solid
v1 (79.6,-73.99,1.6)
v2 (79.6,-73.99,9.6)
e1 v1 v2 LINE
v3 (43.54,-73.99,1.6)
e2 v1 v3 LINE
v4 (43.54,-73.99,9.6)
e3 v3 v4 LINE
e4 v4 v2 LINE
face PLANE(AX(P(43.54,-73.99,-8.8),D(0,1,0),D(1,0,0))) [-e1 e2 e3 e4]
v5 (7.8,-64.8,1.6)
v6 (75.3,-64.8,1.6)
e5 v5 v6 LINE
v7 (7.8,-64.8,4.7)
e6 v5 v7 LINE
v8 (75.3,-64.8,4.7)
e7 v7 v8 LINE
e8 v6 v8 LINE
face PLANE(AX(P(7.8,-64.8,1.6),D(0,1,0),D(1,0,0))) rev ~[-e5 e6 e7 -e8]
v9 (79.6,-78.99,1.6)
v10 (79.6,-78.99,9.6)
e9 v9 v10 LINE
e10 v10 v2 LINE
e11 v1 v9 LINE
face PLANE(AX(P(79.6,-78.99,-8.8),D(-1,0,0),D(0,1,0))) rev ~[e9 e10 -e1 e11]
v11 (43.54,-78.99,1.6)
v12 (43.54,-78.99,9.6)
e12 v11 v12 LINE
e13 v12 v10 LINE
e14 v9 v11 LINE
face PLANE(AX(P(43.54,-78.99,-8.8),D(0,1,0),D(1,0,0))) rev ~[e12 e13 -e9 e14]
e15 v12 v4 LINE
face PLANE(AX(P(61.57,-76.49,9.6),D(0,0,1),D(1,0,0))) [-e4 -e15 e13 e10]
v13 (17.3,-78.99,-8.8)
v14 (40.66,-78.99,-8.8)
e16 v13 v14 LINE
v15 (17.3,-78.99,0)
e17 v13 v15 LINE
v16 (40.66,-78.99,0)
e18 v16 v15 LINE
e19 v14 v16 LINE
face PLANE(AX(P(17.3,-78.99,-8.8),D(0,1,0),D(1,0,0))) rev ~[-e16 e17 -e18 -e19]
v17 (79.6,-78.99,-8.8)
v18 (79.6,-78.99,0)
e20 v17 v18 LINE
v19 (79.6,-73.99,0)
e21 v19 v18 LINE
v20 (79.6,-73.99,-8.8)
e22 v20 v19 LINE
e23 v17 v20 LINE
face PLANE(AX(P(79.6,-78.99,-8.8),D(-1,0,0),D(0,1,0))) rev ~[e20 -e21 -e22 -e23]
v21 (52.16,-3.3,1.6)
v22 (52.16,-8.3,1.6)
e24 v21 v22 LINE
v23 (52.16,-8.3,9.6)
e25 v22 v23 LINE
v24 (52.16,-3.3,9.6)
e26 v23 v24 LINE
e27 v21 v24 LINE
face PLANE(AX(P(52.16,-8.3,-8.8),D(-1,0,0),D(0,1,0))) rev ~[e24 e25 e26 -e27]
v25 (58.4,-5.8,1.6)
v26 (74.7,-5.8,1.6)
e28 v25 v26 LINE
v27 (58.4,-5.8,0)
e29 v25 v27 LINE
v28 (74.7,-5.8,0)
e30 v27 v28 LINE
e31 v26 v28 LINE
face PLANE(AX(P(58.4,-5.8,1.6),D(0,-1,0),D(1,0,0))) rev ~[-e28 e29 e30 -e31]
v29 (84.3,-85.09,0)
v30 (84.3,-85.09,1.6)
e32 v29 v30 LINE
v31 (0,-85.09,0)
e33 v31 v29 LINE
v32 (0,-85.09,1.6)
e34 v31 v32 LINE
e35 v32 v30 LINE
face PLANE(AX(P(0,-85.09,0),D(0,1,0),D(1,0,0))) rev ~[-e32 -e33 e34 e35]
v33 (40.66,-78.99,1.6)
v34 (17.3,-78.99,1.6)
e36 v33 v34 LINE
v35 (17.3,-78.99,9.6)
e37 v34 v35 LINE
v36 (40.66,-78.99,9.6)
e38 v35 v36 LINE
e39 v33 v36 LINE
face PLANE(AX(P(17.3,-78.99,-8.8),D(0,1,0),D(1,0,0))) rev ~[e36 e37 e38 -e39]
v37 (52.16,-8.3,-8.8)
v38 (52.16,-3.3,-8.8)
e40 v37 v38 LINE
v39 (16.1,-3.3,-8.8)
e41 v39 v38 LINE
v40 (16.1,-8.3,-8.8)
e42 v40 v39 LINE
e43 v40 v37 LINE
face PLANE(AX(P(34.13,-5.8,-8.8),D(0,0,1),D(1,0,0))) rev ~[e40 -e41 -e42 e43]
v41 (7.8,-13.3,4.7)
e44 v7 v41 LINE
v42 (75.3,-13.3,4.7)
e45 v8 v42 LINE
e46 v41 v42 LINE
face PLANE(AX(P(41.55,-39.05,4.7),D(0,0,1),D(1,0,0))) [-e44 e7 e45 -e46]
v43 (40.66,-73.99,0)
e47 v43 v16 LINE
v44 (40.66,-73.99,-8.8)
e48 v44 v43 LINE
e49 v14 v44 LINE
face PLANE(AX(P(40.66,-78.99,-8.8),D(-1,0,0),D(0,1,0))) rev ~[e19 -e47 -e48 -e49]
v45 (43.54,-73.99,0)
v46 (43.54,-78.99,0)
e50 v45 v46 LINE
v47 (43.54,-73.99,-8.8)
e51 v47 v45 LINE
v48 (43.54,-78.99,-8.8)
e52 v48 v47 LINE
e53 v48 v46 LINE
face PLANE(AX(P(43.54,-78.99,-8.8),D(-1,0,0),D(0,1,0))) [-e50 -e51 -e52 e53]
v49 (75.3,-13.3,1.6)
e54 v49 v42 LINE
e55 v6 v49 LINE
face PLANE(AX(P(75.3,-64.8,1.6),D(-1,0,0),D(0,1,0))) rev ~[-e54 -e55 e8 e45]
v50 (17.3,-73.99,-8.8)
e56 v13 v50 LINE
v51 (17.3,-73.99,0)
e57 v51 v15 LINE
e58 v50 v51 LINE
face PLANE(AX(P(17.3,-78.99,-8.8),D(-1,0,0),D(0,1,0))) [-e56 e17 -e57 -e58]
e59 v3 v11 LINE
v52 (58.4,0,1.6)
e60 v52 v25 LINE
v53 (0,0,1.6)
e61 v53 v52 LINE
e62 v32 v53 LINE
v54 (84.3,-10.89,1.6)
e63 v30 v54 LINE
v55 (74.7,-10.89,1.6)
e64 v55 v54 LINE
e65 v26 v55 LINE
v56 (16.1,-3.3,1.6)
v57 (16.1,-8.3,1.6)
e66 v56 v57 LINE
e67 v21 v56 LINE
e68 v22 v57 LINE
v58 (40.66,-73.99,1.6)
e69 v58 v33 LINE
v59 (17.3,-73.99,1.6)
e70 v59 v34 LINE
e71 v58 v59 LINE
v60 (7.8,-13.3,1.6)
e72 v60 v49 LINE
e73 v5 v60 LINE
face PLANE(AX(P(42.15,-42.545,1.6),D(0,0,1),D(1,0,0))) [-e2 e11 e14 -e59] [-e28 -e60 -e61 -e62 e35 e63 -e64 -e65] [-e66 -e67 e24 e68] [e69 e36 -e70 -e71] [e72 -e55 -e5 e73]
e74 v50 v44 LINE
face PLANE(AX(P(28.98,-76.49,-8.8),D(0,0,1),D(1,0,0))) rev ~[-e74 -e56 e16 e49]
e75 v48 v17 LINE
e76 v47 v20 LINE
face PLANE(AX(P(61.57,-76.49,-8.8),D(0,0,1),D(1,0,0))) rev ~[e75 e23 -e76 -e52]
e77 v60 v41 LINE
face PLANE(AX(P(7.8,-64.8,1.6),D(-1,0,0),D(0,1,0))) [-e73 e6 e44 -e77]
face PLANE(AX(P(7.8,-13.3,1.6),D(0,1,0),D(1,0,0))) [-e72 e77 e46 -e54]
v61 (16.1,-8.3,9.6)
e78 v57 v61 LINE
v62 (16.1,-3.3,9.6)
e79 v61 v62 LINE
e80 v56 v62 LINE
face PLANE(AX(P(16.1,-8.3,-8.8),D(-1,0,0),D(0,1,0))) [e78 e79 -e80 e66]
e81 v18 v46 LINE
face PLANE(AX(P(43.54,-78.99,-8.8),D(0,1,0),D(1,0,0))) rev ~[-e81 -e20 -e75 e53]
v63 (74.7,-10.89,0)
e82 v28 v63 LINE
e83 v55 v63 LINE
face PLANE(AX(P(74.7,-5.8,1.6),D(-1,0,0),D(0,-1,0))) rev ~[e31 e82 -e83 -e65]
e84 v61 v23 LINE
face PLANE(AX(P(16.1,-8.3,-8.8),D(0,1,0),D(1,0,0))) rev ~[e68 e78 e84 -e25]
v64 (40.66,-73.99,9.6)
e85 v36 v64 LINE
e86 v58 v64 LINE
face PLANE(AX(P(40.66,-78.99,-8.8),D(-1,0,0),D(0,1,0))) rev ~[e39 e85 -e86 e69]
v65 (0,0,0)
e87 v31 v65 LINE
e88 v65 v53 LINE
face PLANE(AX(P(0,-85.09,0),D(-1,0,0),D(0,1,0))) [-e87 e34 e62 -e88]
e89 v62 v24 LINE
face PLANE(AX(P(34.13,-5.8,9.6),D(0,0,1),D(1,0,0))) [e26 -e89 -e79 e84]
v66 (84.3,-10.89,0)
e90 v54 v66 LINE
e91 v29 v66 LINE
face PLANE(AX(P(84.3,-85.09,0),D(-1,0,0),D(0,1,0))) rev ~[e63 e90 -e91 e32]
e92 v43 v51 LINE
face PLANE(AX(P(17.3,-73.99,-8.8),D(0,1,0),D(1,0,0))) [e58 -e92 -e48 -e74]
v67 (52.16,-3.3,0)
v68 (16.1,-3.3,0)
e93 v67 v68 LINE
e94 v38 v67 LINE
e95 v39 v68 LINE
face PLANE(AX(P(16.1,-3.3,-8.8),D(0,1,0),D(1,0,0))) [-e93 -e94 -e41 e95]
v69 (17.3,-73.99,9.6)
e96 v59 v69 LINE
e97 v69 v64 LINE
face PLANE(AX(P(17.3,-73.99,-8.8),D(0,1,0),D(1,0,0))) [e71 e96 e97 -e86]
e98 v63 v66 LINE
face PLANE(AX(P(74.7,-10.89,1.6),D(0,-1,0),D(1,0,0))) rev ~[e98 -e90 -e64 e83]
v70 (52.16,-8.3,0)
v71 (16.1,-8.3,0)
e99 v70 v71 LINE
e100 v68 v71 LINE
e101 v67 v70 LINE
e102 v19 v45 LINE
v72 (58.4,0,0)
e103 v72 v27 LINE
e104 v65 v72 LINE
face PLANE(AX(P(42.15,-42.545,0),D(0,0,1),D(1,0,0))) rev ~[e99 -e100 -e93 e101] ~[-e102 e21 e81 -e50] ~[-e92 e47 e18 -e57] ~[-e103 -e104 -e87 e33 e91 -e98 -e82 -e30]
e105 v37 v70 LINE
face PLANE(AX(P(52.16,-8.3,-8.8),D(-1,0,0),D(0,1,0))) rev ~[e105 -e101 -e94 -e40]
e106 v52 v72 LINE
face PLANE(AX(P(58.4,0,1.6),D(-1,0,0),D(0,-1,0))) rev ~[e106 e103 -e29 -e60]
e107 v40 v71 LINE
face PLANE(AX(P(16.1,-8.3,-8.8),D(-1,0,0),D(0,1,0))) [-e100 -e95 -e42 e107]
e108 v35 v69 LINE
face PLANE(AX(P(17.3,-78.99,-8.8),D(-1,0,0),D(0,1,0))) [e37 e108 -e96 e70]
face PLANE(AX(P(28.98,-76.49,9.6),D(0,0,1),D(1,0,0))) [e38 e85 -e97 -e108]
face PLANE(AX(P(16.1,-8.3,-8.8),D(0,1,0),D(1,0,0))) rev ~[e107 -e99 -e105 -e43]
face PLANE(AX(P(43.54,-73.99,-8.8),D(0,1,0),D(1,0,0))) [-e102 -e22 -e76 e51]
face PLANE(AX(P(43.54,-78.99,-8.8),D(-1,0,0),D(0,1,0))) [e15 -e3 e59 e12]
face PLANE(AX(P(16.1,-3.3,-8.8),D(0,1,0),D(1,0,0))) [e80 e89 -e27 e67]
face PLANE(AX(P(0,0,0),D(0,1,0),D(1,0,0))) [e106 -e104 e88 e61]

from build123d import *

# Parameters (mm, degrees)
SKETCH1_W                = 84.3
SKETCH1_H                = 85.09
BOSS_EXTRUDE1_DEPTH      = 1.6
SKETCH2_W                = 67.5
SKETCH2_H                = 51.5
BOSS_EXTRUDE2_DEPTH      = 3.1
CUT_EXTRUDE1_DEPTH       = 120.818229414
BOSS_EXTRUDE3_DEPTH      = 8
BOSS_EXTRUDE3_DEPTH_BACK = 10.4
SKETCH4_W                = 23.36
SKETCH4_H                = 5
SKETCH4_W_2              = 36.06


with BuildPart() as part:
    # Sketch1 → Boss-Extrude1 (new body)
    with BuildSketch(Plane.XY):
        with Locations((42.15, -42.545)):
            Rectangle(SKETCH1_W, SKETCH1_H)
    extrude(amount=BOSS_EXTRUDE1_DEPTH)

    # Sketch2 → Boss-Extrude2 (add)
    with BuildSketch(Plane.XY.offset(1.6)):
        with Locations((41.55, -39.05)):
            Rectangle(SKETCH2_W, SKETCH2_H)
    extrude(amount=BOSS_EXTRUDE2_DEPTH)

    # Sketch3 → Cut-Extrude1 (cut, through all)
    with BuildSketch(Plane.XY.offset(1.6)):
        Polygon((84.3, 0), (58.4, 0), (58.4, -5.8), (74.7, -5.8), (74.7, -10.89), (84.3, -10.89), align=None)
    extrude(amount=-CUT_EXTRUDE1_DEPTH, mode=Mode.SUBTRACT)

    # Sketch4 → Boss-Extrude3 (add, two sides: drawn at the far end of the back side and taken through both)
    with BuildSketch(Plane.XY.offset(1.6).offset(-BOSS_EXTRUDE3_DEPTH_BACK)):
        with Locations((28.98, -76.49)):
            Rectangle(SKETCH4_W, SKETCH4_H)
        with Locations((61.57, -76.49)):
            Rectangle(SKETCH4_W_2, SKETCH4_H)
        with Locations((34.13, -5.8)):
            Rectangle(SKETCH4_W_2, SKETCH4_H)
    extrude(amount=BOSS_EXTRUDE3_DEPTH + BOSS_EXTRUDE3_DEPTH_BACK)


solid = part.part
